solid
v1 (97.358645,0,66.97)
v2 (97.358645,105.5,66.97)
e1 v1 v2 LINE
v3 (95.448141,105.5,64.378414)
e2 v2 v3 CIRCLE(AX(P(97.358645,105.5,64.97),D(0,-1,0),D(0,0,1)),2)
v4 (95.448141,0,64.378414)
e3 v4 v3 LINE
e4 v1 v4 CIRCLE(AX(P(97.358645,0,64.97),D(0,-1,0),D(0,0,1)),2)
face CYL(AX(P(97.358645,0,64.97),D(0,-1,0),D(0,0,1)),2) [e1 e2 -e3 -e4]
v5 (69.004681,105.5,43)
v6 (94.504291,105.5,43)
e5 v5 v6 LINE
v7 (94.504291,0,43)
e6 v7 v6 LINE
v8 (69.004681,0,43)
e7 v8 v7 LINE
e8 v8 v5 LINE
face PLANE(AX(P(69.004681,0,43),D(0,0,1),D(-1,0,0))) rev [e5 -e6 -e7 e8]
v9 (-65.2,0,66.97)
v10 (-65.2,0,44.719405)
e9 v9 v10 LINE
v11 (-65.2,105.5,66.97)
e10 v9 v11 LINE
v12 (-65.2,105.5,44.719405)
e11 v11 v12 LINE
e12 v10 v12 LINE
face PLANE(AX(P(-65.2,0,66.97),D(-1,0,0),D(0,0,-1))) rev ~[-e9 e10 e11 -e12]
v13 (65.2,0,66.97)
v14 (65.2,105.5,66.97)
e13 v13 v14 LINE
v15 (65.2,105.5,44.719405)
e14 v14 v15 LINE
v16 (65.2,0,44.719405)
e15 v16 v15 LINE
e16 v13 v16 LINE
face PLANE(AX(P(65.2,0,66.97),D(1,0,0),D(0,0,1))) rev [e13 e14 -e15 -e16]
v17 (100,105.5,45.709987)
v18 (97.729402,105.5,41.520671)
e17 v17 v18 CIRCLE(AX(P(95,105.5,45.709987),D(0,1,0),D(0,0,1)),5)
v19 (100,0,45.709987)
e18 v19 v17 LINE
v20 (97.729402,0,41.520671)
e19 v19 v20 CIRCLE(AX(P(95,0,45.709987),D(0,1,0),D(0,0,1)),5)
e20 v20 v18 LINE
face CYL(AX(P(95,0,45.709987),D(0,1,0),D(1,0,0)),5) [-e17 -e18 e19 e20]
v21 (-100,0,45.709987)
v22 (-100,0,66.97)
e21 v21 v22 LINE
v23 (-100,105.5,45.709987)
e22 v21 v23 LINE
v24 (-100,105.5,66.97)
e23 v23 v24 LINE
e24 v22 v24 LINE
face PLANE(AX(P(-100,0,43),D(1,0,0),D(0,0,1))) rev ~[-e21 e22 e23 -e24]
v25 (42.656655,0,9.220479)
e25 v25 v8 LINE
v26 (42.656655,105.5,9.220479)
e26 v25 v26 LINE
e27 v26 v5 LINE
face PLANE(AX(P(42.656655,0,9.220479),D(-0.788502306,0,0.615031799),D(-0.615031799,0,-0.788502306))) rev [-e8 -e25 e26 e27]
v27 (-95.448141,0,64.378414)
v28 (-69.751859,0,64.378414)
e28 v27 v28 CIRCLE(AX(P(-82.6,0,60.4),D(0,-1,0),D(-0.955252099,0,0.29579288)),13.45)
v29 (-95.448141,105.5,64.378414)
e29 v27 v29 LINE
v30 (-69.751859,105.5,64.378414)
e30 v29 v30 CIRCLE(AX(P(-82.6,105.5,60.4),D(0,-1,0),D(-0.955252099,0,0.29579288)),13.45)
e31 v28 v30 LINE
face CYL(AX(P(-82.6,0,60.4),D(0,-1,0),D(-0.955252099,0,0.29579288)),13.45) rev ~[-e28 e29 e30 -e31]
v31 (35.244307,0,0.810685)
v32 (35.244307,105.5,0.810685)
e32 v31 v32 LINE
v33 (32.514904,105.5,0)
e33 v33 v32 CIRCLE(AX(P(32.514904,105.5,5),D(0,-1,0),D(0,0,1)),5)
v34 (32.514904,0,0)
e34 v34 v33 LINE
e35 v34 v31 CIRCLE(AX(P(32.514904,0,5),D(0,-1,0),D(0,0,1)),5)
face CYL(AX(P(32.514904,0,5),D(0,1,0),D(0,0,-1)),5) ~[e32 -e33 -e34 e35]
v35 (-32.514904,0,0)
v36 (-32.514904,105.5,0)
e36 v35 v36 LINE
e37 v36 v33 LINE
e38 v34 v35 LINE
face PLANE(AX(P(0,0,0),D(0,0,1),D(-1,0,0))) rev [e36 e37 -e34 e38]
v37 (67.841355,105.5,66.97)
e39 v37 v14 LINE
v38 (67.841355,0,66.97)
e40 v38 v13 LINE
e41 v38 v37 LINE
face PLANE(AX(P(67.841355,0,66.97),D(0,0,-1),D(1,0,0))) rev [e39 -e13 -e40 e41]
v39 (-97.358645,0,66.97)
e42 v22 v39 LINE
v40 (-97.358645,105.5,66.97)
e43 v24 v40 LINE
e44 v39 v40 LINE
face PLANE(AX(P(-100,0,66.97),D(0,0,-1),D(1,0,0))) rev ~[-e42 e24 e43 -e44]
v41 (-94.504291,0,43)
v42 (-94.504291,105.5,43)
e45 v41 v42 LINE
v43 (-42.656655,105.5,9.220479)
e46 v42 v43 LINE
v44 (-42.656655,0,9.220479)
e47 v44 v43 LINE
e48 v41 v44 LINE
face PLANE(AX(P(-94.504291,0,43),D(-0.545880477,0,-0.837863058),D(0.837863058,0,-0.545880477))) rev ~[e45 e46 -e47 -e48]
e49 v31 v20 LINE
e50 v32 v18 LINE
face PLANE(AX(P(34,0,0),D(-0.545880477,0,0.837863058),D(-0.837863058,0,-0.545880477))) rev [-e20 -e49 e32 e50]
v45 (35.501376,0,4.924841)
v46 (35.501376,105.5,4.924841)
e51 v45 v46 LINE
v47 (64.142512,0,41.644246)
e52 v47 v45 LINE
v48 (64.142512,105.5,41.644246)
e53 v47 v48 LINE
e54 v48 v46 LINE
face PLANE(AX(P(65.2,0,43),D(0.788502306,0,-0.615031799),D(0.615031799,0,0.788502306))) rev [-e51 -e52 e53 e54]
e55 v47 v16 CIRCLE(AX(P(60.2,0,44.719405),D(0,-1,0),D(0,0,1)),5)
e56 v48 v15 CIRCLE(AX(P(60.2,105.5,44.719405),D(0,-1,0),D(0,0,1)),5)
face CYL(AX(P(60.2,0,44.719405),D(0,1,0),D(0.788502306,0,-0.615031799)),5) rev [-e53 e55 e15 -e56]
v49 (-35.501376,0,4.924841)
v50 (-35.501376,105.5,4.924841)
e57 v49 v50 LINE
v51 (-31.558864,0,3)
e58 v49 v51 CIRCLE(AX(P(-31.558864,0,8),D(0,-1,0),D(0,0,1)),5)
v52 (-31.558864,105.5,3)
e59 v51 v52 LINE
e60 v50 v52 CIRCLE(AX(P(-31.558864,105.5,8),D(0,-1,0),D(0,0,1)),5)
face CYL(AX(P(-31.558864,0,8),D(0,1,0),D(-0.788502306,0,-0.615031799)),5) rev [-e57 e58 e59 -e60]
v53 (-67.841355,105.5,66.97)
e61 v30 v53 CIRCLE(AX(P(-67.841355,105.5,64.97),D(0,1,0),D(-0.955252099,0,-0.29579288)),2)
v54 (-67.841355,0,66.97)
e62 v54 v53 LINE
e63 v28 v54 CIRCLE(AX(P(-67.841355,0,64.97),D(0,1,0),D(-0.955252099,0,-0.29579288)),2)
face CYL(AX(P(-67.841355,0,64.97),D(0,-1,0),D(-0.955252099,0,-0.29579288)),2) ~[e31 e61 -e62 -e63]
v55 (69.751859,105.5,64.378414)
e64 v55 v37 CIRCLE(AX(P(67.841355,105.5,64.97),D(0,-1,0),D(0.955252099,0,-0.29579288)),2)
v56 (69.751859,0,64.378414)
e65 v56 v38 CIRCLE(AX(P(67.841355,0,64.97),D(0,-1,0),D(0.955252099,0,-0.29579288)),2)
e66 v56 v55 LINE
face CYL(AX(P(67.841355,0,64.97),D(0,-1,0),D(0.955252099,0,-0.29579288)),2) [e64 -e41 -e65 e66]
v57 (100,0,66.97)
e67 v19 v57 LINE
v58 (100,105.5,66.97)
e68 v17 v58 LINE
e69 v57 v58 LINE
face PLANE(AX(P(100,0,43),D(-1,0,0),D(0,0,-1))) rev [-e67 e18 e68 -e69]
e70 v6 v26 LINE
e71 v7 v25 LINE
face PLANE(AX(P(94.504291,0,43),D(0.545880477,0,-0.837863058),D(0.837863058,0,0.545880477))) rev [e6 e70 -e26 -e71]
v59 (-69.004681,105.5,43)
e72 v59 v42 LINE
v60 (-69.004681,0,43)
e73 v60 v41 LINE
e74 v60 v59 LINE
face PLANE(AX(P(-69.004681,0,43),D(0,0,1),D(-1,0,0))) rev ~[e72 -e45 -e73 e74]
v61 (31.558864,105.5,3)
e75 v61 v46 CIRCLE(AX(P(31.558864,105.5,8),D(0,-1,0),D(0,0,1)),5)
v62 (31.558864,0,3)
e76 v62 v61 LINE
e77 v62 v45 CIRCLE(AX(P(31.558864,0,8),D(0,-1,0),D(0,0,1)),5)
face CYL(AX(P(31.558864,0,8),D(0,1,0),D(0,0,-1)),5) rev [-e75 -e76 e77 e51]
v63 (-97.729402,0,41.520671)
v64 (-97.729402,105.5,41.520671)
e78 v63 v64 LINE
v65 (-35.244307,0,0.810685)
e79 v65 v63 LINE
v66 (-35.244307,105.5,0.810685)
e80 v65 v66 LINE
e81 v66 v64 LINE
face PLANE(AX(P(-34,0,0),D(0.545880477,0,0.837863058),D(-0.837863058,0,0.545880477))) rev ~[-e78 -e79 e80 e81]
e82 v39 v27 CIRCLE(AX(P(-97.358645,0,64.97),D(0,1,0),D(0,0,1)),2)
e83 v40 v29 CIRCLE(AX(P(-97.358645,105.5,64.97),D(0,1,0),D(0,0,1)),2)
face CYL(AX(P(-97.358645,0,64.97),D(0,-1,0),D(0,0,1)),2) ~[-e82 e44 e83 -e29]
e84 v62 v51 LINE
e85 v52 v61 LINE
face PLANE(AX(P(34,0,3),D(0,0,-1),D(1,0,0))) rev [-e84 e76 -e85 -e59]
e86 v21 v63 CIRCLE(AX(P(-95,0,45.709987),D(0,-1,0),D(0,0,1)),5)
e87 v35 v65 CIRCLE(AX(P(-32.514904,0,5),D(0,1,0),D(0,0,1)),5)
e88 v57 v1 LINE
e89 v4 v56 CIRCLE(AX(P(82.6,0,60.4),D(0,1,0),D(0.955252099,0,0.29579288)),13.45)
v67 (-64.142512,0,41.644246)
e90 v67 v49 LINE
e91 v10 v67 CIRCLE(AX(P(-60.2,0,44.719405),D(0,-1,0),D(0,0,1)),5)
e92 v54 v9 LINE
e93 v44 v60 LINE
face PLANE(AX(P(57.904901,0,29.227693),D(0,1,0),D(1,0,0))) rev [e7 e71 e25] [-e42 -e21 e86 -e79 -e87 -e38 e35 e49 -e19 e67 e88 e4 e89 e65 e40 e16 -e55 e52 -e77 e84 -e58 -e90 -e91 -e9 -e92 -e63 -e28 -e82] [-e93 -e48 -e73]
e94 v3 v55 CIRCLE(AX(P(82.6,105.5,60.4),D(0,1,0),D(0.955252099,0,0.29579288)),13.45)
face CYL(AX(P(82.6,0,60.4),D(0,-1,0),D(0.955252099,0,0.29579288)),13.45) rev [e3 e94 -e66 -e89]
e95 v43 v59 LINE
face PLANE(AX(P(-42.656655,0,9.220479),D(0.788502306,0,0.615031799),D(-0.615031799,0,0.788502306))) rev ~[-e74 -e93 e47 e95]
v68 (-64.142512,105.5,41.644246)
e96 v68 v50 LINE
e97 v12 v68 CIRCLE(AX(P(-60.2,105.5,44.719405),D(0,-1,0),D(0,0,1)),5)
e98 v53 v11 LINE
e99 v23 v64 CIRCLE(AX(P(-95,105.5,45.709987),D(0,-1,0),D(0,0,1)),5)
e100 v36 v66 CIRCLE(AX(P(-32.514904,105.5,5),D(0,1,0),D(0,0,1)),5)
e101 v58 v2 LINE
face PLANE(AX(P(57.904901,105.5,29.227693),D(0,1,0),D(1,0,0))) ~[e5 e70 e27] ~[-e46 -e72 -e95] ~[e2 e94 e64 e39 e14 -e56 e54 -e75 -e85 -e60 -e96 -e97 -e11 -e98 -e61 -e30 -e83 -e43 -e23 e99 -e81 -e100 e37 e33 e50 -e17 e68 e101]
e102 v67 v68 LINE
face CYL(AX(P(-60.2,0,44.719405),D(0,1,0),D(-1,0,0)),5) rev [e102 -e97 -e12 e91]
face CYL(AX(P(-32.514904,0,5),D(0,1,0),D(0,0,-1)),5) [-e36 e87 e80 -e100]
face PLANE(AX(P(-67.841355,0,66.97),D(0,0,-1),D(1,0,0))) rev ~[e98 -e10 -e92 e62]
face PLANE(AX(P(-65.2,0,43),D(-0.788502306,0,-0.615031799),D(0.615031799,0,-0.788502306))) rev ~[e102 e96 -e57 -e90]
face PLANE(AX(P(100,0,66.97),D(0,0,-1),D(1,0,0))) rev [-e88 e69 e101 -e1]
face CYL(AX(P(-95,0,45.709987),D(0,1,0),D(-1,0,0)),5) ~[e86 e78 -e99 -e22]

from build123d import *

# Parameters (mm, degrees)
BOSS_EXTRUDE1_DEPTH = 105.5
FILLET1_R           = 5


with BuildPart() as part:
    # Sketch1 → Boss-Extrude1 (new body)
    with BuildSketch(Plane(origin=(0, 0, 0), x_dir=(1, 0, 0), z_dir=(0, 1, 0))):
        with BuildLine():
            Line((0, 0), (-34, 0))
            Line((-34, 0), (-100, -43))
            Line((-100, -43), (-100, -66.97))
            Line((-100, -66.97), (-97.358644924, -66.97))
            ThreePointArc((-97.358644924, -66.97), (-95.748804634, -66.156766295), (-95.448140727, -64.378414239))
            ThreePointArc((-95.448140727, -64.378414239), (-82.6, -46.95), (-69.751859273, -64.378414239))
            ThreePointArc((-69.751859273, -64.378414239), (-69.451195366, -66.156766295), (-67.841355076, -66.97))
            Line((-67.841355076, -66.97), (-65.2, -66.97))
            Line((-65.2, -66.97), (-65.2, -43))
            Line((-65.2, -43), (-34, -3))
            Line((-34, -3), (0, -3))
            Line((0, -3), (0, 0))
        make_face()
        Polygon((-69.004681327, -43), (-94.504291462, -43), (-42.656655328, -9.220479488), align=None, mode=Mode.SUBTRACT)
    boss_extrude1 = extrude(amount=BOSS_EXTRUDE1_DEPTH)

    # Mirror1: Boss-Extrude1 across plane
    add(boss_extrude1.mirror(Plane(origin=(0, 105.5, 3), x_dir=(0, 0, 1), z_dir=(-1, 0, 0))))

    # Fillet1
    fillet1_edges = [part.edges().sort_by_distance(p)[0] for p in [
        (-34, 52.75, 3),
        (-65.2, 52.75, 43),
        (-100, 52.75, 43),
        (-34, 52.75, 0),
        (34, 52.75, 3),
        (65.2, 52.75, 43),
        (100, 52.75, 43),
        (34, 52.75, 0),
    ]]
    fillet(fillet1_edges, radius=FILLET1_R)


solid = part.part
